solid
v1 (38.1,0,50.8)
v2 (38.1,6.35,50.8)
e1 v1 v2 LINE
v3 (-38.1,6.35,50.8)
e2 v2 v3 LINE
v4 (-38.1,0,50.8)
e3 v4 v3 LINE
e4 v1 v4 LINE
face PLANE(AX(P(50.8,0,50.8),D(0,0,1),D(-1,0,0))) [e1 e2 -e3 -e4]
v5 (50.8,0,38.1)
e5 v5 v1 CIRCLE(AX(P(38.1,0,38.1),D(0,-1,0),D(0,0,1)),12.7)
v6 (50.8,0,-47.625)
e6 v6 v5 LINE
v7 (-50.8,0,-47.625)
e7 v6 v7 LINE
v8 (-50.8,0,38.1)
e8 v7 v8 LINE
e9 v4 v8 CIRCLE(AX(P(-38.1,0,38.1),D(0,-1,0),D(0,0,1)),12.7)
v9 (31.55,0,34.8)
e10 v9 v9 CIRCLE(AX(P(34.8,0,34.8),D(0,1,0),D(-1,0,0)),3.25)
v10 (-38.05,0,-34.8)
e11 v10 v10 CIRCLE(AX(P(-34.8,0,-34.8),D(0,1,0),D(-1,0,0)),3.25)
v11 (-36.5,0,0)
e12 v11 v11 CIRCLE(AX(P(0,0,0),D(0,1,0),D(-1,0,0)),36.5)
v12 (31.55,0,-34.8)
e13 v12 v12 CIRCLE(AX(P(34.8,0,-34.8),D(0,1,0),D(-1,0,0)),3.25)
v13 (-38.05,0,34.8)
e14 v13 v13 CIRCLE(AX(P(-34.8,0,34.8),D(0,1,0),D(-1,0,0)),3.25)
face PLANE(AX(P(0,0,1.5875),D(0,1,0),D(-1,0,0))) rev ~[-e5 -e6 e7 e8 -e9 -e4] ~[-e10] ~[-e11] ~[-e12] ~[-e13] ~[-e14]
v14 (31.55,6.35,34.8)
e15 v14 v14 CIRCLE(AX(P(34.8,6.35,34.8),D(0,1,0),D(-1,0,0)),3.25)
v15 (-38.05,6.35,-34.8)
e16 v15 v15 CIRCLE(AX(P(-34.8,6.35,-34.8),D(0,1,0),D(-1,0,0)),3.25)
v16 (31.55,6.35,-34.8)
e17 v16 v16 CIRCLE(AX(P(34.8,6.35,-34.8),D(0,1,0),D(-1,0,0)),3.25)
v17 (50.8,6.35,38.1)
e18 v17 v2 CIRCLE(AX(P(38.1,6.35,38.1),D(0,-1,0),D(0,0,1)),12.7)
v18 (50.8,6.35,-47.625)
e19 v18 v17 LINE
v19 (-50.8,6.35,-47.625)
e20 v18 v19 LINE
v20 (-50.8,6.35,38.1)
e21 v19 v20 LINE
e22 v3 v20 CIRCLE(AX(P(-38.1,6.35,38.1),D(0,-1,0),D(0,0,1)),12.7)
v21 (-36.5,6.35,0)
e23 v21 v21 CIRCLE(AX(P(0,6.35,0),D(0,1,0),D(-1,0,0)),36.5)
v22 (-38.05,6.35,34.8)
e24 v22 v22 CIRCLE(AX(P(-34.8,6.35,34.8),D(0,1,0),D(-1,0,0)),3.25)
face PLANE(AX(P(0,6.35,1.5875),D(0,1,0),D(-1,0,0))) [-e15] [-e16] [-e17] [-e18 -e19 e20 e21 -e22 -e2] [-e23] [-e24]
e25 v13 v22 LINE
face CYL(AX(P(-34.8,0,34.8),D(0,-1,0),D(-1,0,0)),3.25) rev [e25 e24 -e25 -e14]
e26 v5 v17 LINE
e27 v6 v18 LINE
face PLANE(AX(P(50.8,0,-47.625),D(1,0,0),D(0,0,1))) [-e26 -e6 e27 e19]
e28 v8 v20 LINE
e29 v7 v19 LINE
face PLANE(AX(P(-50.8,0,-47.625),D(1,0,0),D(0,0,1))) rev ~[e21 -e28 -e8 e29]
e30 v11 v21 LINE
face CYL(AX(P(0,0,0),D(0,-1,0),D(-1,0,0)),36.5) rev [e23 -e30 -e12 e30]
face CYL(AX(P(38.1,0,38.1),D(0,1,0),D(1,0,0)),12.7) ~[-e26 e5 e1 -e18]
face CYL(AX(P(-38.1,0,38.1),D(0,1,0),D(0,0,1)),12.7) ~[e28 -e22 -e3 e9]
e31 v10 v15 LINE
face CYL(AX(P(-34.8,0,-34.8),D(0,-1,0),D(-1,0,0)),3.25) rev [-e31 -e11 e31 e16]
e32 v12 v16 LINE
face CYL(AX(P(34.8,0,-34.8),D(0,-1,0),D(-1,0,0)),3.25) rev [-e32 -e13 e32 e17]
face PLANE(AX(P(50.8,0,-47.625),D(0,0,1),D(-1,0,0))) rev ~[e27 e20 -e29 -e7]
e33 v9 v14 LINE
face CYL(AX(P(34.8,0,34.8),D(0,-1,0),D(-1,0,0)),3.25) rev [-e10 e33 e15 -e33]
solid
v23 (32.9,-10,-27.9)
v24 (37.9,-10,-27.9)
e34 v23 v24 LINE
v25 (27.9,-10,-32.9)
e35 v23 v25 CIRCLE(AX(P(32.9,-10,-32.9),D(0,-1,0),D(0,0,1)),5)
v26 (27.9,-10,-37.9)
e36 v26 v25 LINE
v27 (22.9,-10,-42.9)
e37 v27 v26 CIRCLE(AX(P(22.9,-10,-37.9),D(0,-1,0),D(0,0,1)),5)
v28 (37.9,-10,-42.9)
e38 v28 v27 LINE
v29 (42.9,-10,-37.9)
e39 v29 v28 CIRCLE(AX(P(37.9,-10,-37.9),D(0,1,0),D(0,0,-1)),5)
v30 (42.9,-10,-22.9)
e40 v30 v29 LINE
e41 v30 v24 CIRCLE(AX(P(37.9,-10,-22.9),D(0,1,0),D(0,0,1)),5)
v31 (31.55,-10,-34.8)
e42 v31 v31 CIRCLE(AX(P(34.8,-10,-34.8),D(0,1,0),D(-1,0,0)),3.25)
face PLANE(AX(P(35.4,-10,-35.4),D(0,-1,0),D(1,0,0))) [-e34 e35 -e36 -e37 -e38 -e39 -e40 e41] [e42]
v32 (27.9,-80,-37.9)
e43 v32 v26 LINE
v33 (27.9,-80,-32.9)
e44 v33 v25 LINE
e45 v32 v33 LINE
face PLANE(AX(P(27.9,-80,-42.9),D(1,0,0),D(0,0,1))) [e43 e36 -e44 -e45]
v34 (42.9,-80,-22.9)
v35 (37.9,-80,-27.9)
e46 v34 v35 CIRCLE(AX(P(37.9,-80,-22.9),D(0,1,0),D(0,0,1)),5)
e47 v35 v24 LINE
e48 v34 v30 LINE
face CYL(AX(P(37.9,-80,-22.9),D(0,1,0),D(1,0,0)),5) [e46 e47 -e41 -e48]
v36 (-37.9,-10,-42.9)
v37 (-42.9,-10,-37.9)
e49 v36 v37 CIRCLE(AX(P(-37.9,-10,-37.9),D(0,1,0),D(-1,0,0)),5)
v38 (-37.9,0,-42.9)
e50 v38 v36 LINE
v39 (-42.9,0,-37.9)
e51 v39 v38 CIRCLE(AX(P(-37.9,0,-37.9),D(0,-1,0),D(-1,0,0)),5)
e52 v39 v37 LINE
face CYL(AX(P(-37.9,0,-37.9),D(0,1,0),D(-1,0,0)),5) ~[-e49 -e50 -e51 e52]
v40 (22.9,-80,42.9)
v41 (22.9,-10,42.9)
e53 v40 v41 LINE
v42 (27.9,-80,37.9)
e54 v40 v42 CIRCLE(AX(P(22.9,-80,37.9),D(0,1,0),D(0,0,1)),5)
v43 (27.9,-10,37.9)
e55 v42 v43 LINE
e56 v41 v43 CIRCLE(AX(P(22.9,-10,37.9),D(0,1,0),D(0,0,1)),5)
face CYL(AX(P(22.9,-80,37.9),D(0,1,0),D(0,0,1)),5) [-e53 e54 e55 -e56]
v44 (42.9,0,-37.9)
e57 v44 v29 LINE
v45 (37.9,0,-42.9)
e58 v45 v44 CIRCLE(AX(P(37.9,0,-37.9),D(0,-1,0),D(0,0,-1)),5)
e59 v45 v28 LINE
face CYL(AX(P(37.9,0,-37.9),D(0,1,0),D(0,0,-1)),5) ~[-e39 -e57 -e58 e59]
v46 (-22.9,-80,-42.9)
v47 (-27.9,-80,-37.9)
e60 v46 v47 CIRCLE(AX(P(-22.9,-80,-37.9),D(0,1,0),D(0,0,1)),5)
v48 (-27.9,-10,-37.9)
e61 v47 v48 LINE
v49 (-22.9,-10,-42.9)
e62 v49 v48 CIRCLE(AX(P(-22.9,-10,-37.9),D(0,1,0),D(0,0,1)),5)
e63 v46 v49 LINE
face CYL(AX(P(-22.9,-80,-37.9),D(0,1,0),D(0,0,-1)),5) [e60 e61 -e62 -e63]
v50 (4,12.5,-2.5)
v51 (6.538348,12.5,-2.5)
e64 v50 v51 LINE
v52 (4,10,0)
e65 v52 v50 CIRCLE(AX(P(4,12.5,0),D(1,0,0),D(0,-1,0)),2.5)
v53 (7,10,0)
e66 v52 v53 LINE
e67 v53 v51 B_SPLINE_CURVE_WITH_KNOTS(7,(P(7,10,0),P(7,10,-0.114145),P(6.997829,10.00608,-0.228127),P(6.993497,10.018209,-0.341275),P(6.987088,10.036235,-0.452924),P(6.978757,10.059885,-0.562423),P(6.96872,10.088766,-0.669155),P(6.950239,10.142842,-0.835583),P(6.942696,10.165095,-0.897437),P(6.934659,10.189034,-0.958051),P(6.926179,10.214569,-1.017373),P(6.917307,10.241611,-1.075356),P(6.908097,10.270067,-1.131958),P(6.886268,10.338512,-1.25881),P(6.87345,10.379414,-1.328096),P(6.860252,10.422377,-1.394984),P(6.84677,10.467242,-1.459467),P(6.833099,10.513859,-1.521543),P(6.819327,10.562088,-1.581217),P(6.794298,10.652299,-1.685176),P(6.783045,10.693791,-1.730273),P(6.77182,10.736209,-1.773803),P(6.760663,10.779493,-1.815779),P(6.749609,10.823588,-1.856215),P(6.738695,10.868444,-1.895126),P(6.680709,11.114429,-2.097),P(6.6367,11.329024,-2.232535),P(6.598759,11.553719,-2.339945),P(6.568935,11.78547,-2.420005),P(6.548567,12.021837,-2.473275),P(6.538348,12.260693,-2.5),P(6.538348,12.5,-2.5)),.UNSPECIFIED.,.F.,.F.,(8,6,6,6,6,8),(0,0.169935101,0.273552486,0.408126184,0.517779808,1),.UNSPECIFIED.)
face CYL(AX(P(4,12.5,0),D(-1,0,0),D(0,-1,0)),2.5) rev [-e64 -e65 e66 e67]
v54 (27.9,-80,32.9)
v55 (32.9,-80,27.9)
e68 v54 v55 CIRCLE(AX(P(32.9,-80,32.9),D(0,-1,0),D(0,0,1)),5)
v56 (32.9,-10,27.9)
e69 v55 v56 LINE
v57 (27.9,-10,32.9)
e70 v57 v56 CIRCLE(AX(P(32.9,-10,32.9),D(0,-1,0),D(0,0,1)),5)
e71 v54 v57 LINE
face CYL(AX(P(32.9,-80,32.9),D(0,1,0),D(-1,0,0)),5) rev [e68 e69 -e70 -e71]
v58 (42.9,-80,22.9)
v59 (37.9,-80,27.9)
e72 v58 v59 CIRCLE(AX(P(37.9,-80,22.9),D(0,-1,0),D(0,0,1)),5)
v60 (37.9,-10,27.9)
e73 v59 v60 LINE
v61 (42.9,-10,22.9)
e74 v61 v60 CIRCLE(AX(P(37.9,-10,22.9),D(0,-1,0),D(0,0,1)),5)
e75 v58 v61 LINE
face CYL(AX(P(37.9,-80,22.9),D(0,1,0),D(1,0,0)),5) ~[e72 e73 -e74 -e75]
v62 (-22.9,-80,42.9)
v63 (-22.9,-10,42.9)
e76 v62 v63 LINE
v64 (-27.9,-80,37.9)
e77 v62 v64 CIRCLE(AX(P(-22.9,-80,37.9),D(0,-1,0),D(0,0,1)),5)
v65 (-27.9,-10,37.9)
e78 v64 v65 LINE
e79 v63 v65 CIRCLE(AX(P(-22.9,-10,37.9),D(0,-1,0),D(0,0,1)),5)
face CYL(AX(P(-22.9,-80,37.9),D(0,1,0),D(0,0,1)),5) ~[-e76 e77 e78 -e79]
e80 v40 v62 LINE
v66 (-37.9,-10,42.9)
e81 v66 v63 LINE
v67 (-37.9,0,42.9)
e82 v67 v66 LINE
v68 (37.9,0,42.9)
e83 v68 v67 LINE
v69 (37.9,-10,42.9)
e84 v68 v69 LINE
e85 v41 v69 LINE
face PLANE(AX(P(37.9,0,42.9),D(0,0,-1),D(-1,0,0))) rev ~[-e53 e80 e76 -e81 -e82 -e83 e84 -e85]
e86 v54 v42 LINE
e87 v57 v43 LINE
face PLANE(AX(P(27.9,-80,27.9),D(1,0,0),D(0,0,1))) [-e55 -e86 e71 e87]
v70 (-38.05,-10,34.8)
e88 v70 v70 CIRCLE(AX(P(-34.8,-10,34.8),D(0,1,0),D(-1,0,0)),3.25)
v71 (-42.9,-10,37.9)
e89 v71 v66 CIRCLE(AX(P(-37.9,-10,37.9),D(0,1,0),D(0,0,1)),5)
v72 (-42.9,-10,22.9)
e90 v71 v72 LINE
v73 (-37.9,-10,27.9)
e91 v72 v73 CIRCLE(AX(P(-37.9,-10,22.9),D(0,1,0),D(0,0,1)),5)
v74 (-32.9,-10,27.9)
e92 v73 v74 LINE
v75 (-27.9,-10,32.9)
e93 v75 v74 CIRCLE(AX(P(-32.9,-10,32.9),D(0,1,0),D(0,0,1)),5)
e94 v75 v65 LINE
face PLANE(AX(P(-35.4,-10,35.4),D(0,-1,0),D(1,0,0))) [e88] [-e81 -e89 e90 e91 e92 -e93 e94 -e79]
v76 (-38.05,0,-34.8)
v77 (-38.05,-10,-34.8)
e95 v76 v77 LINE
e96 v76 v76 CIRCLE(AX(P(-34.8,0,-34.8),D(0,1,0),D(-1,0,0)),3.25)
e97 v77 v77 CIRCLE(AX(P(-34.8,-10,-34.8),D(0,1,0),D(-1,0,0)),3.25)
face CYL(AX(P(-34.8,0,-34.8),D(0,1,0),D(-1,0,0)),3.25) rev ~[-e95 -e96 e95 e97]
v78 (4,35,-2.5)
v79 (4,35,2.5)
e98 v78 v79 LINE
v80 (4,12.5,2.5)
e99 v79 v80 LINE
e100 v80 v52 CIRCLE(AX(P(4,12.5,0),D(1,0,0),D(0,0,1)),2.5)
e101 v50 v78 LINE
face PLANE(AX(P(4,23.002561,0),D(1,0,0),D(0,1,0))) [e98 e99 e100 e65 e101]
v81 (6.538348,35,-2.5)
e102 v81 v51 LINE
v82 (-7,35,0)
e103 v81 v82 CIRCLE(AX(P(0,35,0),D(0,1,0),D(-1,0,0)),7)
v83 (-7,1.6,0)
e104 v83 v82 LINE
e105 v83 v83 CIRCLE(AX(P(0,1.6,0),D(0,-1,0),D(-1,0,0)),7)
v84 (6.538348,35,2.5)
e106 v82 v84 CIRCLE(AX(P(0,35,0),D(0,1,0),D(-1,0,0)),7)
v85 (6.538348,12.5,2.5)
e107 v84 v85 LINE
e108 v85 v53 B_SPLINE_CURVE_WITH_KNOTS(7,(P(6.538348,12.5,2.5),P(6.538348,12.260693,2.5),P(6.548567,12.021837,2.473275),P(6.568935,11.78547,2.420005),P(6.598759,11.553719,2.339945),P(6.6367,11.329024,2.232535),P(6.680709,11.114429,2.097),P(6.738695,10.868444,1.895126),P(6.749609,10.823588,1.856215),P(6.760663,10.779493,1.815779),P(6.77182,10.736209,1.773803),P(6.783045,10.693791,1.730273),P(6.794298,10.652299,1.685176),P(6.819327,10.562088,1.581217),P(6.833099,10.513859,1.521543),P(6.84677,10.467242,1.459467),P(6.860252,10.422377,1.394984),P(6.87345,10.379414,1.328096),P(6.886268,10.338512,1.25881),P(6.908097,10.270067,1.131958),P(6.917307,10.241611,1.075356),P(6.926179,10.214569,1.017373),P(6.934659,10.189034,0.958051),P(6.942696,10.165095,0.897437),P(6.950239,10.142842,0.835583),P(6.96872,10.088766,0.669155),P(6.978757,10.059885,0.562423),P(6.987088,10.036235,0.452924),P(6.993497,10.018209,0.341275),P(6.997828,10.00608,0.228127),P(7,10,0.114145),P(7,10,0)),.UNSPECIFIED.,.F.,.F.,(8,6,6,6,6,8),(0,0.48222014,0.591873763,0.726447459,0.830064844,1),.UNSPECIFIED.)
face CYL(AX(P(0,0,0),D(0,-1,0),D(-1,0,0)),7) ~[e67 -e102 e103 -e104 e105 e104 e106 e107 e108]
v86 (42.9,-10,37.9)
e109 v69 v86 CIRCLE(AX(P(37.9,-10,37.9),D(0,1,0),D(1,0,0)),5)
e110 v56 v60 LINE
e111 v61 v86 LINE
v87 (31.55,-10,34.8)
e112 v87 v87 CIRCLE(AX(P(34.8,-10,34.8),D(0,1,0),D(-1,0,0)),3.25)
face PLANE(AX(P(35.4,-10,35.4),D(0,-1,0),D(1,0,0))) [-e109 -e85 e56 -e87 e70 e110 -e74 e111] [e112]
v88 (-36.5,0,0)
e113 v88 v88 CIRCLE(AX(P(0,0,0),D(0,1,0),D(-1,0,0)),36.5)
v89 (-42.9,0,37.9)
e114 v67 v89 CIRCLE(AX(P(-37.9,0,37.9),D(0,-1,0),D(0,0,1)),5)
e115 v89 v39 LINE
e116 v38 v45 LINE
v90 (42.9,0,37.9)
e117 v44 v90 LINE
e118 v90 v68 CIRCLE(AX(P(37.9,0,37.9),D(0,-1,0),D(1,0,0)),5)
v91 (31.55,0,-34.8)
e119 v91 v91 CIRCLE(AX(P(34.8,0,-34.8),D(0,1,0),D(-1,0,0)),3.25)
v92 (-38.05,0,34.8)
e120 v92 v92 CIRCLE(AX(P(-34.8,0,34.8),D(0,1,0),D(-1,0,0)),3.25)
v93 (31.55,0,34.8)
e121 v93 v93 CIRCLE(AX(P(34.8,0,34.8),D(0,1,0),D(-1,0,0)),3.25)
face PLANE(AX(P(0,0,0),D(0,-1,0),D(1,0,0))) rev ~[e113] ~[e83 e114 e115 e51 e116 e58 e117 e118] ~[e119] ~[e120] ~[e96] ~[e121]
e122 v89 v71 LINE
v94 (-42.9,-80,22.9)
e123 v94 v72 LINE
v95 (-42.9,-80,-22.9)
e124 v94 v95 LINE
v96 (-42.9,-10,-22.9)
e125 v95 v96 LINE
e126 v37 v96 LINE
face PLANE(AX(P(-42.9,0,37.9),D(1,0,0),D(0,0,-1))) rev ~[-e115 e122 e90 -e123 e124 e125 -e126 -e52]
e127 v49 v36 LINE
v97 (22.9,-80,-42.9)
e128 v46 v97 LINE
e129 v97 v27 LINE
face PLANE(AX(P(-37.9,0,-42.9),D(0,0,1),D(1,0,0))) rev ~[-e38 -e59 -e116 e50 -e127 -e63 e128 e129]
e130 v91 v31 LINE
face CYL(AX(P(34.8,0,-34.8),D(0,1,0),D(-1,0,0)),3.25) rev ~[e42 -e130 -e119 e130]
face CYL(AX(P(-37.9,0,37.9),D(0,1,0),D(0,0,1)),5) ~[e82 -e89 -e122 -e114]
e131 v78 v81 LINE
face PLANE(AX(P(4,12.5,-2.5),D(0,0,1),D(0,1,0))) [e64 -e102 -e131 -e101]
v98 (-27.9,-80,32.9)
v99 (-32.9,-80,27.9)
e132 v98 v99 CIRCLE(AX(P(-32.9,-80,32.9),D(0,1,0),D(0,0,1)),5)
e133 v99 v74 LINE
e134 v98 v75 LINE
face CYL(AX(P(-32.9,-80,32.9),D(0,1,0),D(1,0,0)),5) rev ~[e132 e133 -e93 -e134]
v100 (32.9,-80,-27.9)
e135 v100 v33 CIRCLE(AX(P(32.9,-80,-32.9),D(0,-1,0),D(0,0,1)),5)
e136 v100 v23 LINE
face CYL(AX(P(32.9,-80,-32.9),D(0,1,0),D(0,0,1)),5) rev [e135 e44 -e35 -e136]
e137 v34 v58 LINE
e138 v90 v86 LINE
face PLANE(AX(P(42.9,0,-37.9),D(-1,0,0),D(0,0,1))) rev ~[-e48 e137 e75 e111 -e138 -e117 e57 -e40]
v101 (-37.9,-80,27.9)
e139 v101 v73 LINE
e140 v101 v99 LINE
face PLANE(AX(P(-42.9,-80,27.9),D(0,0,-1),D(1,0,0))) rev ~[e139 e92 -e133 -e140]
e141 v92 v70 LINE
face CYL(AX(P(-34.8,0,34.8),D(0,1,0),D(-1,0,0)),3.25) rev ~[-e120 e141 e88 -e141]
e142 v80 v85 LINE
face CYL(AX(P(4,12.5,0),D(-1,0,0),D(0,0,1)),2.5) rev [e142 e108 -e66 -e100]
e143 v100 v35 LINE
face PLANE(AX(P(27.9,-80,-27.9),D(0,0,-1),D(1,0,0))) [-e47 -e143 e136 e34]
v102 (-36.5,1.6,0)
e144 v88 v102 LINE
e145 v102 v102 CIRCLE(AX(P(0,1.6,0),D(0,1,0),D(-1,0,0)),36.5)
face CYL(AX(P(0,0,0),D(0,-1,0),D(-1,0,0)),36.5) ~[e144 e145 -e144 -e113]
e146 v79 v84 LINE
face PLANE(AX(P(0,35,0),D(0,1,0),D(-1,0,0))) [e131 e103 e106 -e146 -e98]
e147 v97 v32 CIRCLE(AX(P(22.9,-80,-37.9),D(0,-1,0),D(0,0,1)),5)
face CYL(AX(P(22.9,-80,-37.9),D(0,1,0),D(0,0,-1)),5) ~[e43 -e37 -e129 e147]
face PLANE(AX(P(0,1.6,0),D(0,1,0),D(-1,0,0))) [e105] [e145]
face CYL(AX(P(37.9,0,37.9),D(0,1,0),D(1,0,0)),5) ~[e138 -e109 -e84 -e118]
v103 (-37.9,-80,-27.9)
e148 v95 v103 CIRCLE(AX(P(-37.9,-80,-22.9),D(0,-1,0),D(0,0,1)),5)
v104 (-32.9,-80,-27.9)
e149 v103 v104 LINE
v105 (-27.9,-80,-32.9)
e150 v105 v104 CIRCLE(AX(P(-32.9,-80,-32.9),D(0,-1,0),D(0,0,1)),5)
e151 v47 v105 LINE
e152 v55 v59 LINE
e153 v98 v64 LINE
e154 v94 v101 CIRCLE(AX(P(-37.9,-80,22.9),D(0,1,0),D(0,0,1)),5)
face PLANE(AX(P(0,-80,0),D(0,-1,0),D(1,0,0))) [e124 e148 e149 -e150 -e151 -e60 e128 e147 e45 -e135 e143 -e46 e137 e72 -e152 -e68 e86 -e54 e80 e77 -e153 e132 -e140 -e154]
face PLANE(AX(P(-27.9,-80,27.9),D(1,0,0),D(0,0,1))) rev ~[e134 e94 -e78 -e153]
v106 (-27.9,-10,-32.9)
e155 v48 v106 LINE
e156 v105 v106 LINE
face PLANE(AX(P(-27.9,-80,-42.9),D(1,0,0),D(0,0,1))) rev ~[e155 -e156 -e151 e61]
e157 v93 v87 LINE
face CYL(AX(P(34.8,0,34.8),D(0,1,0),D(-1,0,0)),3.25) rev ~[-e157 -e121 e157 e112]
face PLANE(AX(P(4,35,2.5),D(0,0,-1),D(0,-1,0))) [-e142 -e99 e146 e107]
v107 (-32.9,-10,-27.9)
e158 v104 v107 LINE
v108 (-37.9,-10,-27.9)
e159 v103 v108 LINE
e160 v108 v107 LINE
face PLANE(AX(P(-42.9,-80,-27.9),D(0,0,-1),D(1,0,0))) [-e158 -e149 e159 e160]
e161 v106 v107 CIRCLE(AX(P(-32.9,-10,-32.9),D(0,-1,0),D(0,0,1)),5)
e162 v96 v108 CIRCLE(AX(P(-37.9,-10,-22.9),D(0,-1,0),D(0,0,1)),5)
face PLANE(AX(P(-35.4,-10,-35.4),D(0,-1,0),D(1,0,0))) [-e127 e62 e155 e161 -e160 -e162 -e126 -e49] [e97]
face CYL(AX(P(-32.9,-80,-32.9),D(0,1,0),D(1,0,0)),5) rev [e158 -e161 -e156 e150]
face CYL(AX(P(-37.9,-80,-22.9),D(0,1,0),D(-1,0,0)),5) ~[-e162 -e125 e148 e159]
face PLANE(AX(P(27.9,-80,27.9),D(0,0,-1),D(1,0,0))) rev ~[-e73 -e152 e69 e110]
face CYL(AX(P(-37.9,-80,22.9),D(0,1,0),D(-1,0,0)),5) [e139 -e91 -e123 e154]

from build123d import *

# Parameters (mm, degrees)
F1_DEPTH  = 80
F2_W      = 15
F2_H      = 15
F3_DEPTH  = 70
F4_R      = 3.25
F5_DEPTH  = 10
F6_R      = 5
F7_R      = 36.5
F8_DEPTH  = 1.6
F9_R      = 7
F10_DEPTH = 35
F13_DEPTH = 5
F14_W     = 101.6
F14_H     = 98.425
F14_R     = 3.25
F14_R_2   = 36.5
F15_DEPTH = 6.35
F16_R     = 12.7


with BuildPart() as f1:
    # F0 (on Front) → F1 (new body)
    with BuildSketch(Plane.XZ):
        with BuildLine():
            Line((37.9, 42.9), (-37.9, 42.9))
            ThreePointArc((-37.9, 42.9), (-41.4355339059, 41.4355339059), (-42.9, 37.9))
            Line((-42.9, 37.9), (-42.9, -37.9))
            ThreePointArc((-42.9, -37.9), (-41.4355339059, -41.4355339059), (-37.9, -42.9))
            Line((-37.9, -42.9), (37.9, -42.9))
            ThreePointArc((37.9, -42.9), (41.4355339059, -41.4355339059), (42.9, -37.9))
            Line((42.9, -37.9), (42.9, 37.9))
            ThreePointArc((42.9, 37.9), (41.4355339059, 41.4355339059), (37.9, 42.9))
        make_face()
    extrude(amount=F1_DEPTH)

    # F2 (on face) → F3 (cut)
    with BuildSketch(Plane.XZ.offset(80)):
        with Locations((35.4, 35.4)):
            Rectangle(F2_W, F2_H)
        with Locations((-35.4, 35.4)):
            Rectangle(F2_W, F2_H)
        with Locations((-35.4, -35.4)):
            Rectangle(F2_W, F2_H)
        with Locations((35.4, -35.4)):
            Rectangle(F2_W, F2_H)
    extrude(amount=-F3_DEPTH, mode=Mode.SUBTRACT)

    # F4 (on face) → F5 (cut, through all)
    with BuildSketch(Plane(origin=(0, 0, 0), x_dir=(-1, 0, 0), z_dir=(0, 1, 0))):
        with Locations((34.8, 34.8)):
            Circle(F4_R)
        with Locations((-34.8, 34.8)):
            Circle(F4_R)
        with Locations((34.8, -34.8)):
            Circle(F4_R)
        with Locations((-34.8, -34.8)):
            Circle(F4_R)
    extrude(amount=-F5_DEPTH, mode=Mode.SUBTRACT)

    # F6
    f6_edges = [f1.edges().sort_by_distance(p)[0] for p in [
        (-42.9, -45, 27.9),
        (-42.9, -45, -27.9),
        (-27.9, -45, -27.9),
        (-27.9, -45, -42.9),
        (27.9, -45, -42.9),
        (-27.9, -45, 42.9),
        (27.9, -45, -27.9),
        (42.9, -45, -27.9),
        (42.9, -45, 27.9),
        (27.9, -45, 42.9),
        (27.9, -45, 27.9),
        (-27.9, -45, 27.9),
    ]]
    fillet(f6_edges, radius=F6_R)

    # F7 (on face) → F8 (join)
    with BuildSketch(Plane(origin=(0, 0, 0), x_dir=(-1, 0, 0), z_dir=(0, 1, 0))):
        Circle(F7_R)
    extrude(amount=F8_DEPTH)

    # F9 (on face) → F10 (join)
    with BuildSketch(Plane(origin=(0, 0, 0), x_dir=(-1, 0, 0), z_dir=(0, 1, 0))):
        Circle(F9_R)
    extrude(amount=F10_DEPTH)

    # F12 (on offset) → F13 (cut)
    with BuildSketch(Plane.YZ.offset(4)):
        with BuildLine():
            Line((35, 2.5), (12.5, 2.5))
            ThreePointArc((12.5, 2.5), (10.732233047, 1.767766953), (10, 0))
            ThreePointArc((10, 0), (10.732233047, -1.767766953), (12.5, -2.5))
            Line((12.5, -2.5), (35, -2.5))
            Line((35, -2.5), (35, 0))
            Line((35, 0), (35, 2.5))
        make_face()
    extrude(amount=F13_DEPTH, mode=Mode.SUBTRACT)


with BuildPart() as f15:
    # F14 (on face) → F15 (new body)
    with BuildSketch(Plane(origin=(0, 0, 0), x_dir=(-1, 0, 0), z_dir=(0, 1, 0))):
        with Locations((0, 1.5875)):
            Rectangle(F14_W, F14_H)
        with Locations((-34.8, -34.8)):
            Circle(F14_R, mode=Mode.SUBTRACT)
        Circle(F14_R_2, mode=Mode.SUBTRACT)
        with Locations((34.8, -34.8)):
            Circle(F14_R, mode=Mode.SUBTRACT)
        with Locations((-34.8, 34.8)):
            Circle(F14_R, mode=Mode.SUBTRACT)
        with Locations((34.8, 34.8)):
            Circle(F14_R, mode=Mode.SUBTRACT)
    extrude(amount=F15_DEPTH)

    # F16
    f16_edges = [f15.edges().sort_by_distance(p)[0] for p in [
        (-50.8, 3.175, 50.8),
        (50.8, 3.175, 50.8),
    ]]
    fillet(f16_edges, radius=F16_R)


solid = Compound([f1.part, f15.part])
